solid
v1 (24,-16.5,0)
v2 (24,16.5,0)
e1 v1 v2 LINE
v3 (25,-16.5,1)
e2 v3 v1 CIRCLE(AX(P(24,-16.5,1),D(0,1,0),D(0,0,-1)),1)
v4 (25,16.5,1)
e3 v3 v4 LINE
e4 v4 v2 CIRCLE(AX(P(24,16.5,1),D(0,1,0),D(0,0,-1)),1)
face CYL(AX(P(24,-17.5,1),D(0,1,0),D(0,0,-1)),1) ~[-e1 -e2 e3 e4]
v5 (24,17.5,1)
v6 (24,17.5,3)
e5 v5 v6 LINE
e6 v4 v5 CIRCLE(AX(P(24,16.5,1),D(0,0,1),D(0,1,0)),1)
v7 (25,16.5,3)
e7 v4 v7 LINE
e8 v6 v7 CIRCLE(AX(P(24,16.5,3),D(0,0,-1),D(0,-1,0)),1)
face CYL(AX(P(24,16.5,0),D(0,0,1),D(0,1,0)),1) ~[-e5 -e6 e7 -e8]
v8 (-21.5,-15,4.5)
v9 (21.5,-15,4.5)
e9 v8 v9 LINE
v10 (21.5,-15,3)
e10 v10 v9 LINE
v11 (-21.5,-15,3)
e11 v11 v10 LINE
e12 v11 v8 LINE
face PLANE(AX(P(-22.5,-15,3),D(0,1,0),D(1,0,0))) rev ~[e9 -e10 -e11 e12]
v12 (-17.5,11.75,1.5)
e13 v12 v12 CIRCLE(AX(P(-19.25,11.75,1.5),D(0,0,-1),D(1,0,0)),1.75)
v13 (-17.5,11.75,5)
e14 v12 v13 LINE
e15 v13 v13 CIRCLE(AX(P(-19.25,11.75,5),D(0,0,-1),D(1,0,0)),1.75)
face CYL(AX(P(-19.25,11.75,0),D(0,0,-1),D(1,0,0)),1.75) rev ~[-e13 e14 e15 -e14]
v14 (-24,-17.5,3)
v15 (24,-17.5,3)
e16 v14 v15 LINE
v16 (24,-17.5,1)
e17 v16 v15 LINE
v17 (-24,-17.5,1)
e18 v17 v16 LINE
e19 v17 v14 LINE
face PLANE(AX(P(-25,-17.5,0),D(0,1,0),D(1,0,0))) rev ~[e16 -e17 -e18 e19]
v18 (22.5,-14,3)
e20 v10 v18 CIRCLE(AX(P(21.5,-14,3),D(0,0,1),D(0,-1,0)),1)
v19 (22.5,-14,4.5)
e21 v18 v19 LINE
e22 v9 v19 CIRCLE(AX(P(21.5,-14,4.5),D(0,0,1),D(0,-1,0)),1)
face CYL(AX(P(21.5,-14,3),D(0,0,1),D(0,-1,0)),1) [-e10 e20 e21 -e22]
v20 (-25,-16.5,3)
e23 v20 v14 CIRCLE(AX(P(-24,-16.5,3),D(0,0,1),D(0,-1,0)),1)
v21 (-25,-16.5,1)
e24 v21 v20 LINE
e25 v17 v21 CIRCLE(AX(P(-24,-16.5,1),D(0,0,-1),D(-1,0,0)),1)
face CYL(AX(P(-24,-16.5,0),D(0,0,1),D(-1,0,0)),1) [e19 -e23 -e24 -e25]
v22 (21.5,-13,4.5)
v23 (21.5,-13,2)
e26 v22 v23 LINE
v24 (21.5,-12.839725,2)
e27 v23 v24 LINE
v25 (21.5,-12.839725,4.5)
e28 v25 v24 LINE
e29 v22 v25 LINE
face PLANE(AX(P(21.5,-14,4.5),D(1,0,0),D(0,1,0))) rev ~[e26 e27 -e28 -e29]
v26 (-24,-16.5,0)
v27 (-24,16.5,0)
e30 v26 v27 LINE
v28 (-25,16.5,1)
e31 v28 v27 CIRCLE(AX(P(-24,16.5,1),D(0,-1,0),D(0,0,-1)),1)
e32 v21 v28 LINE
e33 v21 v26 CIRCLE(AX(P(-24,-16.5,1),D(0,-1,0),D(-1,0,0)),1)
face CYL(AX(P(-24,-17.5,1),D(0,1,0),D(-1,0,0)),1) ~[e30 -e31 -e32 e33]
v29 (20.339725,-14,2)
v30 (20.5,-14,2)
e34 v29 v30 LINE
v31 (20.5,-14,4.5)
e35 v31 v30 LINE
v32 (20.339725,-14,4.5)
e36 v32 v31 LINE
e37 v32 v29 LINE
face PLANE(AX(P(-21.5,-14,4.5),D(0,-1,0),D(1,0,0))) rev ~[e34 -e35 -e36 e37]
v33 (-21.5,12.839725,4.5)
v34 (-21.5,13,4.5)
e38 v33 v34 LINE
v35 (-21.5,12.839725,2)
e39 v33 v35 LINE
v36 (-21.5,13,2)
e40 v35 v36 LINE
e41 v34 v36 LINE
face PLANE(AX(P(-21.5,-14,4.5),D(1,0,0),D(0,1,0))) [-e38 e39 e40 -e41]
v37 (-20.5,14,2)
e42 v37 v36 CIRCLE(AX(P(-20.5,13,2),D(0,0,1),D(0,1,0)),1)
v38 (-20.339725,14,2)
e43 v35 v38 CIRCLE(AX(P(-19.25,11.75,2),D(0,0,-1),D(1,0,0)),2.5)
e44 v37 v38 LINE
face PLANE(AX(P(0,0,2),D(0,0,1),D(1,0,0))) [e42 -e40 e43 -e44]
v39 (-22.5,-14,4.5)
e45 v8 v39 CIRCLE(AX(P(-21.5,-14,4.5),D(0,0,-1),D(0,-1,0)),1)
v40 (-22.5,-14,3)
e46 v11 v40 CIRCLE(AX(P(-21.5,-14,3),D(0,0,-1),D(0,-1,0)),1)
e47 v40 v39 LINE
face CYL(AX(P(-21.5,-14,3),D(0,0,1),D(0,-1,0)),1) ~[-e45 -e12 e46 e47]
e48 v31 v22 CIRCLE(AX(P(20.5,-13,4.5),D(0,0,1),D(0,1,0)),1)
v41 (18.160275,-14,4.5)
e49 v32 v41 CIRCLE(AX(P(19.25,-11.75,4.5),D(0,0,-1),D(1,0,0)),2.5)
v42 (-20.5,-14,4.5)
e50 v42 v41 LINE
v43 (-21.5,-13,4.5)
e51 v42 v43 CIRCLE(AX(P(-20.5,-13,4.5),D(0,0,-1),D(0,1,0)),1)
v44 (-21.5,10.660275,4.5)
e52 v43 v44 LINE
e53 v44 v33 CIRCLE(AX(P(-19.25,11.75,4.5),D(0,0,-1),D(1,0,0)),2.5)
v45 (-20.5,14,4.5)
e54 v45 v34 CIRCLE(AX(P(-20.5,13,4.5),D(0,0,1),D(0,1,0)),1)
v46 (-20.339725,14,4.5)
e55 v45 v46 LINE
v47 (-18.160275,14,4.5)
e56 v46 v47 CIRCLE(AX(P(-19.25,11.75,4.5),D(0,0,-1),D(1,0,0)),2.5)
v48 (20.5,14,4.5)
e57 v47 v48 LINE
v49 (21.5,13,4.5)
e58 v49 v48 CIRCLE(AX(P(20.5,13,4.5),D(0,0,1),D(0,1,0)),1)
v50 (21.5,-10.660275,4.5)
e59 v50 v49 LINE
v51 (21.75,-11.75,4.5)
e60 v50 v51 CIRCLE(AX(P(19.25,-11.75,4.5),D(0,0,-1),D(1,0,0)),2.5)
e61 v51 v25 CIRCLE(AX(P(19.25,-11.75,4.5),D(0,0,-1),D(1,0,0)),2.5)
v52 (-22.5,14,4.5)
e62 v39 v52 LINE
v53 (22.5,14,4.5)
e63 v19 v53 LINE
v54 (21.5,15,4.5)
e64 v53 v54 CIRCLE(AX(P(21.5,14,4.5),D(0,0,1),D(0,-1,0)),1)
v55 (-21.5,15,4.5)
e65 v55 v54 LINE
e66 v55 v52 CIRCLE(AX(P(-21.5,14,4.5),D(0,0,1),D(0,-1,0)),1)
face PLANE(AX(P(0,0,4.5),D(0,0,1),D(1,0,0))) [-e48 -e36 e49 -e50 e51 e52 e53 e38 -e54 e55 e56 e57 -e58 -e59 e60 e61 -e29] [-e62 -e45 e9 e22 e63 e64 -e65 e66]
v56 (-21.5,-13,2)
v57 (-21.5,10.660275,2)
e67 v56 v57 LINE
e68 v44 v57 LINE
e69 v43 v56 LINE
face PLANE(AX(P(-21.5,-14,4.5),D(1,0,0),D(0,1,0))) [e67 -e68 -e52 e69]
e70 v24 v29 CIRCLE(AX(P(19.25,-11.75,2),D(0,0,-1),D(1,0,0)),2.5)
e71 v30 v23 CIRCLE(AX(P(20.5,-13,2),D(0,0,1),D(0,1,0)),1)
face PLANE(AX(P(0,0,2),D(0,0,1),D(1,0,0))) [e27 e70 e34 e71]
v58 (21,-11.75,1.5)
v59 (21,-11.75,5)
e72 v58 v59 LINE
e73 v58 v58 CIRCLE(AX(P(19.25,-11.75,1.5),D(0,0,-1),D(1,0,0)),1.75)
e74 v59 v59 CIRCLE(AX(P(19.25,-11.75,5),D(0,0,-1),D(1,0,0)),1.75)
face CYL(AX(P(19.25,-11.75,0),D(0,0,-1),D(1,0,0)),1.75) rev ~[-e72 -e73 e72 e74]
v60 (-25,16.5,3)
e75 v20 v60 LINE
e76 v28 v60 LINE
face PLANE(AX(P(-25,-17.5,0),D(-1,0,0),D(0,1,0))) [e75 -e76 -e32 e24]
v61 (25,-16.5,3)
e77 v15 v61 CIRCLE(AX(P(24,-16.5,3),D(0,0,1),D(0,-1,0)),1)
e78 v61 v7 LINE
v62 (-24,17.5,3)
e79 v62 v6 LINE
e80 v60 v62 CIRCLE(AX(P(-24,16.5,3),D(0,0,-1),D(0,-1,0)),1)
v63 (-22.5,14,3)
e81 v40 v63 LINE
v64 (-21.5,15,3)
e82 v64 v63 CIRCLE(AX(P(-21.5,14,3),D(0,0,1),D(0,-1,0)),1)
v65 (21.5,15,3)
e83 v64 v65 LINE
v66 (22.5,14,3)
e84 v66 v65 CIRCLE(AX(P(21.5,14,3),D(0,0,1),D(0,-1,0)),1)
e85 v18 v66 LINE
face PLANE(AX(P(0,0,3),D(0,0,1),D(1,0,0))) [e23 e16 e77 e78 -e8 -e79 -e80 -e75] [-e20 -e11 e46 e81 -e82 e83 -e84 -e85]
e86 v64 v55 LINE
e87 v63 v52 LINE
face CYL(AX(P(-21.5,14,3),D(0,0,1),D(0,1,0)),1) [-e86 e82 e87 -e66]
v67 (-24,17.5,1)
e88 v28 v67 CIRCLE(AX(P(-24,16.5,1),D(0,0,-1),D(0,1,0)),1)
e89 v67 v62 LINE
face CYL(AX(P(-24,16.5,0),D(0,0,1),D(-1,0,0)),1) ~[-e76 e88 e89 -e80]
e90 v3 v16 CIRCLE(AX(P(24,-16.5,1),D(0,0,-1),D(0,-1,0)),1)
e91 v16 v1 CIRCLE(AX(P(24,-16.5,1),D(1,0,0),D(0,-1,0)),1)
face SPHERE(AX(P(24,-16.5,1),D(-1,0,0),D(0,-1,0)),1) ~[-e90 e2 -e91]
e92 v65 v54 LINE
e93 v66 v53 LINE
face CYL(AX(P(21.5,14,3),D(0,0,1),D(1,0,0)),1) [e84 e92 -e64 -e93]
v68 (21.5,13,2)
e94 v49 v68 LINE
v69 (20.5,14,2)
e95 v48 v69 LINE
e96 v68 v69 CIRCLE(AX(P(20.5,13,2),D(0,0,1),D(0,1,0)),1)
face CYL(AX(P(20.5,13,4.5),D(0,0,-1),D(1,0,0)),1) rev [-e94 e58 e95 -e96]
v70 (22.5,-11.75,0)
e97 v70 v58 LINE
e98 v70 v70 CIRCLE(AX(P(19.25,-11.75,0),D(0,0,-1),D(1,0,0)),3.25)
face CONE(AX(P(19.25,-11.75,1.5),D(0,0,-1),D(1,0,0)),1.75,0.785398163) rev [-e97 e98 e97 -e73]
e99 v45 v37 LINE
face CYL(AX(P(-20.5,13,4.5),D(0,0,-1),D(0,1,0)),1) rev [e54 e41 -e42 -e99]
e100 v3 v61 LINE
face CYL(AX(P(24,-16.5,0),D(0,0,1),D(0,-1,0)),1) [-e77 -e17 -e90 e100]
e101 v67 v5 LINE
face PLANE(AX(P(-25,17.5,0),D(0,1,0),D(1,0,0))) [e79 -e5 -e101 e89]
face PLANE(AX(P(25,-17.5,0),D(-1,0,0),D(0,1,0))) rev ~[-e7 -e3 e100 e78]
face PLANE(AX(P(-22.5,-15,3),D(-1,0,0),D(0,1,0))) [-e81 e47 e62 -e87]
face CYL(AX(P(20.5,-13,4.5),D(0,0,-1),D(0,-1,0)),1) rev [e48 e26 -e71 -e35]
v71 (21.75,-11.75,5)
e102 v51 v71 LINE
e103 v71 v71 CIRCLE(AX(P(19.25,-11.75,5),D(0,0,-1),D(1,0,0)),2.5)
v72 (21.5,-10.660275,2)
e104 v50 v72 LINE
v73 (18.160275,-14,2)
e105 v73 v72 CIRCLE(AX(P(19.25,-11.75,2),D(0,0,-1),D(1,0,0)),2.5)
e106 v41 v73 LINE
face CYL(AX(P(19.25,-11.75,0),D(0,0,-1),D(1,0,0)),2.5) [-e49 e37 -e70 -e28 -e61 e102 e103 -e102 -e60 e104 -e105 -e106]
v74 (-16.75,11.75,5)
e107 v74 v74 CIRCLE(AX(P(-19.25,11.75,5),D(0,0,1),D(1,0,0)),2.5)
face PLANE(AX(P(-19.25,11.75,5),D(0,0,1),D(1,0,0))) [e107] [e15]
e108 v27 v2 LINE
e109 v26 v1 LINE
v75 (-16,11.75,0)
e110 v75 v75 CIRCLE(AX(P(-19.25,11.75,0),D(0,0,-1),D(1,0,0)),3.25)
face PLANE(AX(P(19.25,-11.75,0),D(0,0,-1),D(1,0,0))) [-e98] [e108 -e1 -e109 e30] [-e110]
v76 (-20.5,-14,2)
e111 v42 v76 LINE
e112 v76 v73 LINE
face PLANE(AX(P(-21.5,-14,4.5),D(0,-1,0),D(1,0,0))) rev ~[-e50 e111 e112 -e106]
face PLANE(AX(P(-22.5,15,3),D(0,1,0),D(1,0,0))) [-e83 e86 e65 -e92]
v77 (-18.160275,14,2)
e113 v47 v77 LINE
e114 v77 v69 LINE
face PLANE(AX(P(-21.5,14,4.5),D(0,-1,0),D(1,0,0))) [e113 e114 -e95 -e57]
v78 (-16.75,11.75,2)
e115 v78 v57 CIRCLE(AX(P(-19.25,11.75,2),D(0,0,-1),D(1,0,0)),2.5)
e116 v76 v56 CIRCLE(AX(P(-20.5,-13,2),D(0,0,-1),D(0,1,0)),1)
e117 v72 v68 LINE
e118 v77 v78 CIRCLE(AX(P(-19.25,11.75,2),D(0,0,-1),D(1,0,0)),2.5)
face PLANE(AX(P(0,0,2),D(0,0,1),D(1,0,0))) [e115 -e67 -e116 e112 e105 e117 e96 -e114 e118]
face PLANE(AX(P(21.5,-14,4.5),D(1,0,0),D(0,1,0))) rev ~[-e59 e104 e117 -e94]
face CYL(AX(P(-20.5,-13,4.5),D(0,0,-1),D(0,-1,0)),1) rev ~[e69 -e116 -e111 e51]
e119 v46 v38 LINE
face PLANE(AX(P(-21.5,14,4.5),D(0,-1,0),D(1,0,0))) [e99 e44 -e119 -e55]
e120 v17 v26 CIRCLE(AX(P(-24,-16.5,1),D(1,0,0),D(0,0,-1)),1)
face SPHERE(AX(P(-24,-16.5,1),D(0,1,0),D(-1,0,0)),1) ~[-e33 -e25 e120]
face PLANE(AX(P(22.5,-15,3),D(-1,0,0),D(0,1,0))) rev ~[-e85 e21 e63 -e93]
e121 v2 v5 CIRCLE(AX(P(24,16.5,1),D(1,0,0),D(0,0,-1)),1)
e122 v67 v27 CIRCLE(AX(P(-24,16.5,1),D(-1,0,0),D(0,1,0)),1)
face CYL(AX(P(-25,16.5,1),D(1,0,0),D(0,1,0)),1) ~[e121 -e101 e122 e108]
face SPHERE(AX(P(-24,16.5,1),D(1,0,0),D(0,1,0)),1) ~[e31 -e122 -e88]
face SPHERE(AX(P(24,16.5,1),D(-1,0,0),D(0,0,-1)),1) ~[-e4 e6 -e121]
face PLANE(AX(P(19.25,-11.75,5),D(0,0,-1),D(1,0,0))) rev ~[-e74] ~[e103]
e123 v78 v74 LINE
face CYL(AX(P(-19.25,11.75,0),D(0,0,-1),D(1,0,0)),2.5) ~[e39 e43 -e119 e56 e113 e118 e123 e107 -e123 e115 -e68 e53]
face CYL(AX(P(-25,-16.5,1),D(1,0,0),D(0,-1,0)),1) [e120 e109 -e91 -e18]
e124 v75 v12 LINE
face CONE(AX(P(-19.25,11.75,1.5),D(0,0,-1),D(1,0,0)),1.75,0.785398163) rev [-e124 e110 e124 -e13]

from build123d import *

# Parameters (mm, degrees)
SKETCH_W        = 50
SKETCH_H        = 35
PAD_DEPTH       = 3
SKETCH002_W     = 45
SKETCH002_H     = 30
PAD001_DEPTH    = 1.5
SKETCH003_W     = 43
SKETCH003_H     = 28
POCKET001_DEPTH = 2.5
FILLET_R        = 1
FILLET001_R     = 1
SKETCH005_R     = 2.5
PAD002_DEPTH    = 5
SKETCH004_R     = 2.5
PAD003_DEPTH    = 5
SKETCH006_R     = 1.75
POCKET_DEPTH    = 5
SKETCH007_R     = 1.75
POCKET002_DEPTH = 5
CHAMFER_SIZE    = 1.5
CHAMFER001_SIZE = 1.5


with BuildPart() as part:
    # Sketch → Pad (new body)
    with BuildSketch(Plane.XY):
        Rectangle(SKETCH_W, SKETCH_H)
    extrude(amount=PAD_DEPTH)

    # Sketch002 → Pad001 (join)
    with BuildSketch(Plane.XY.offset(3)):
        Rectangle(SKETCH002_W, SKETCH002_H)
    extrude(amount=PAD001_DEPTH)

    # Sketch003 (on Face11 of Pad001) → Pocket001 (cut)
    with BuildSketch(Plane.XY.offset(4.5)):
        Rectangle(SKETCH003_W, SKETCH003_H)
    extrude(amount=-POCKET001_DEPTH, mode=Mode.SUBTRACT)

    # Fillet
    fillet_edges = [part.edges().sort_by_distance(p)[0] for p in [
        (0, 17.5, 0),
        (-25, 17.5, 1.5),
        (-25, 0, 0),
        (-25, -17.5, 1.5),
        (0, -17.5, 0),
        (25, -17.5, 1.5),
        (25, 0, 0),
        (25, 17.5, 1.5),
    ]]
    fillet(fillet_edges, radius=FILLET_R)

    # Fillet001
    fillet001_edges = [part.edges().sort_by_distance(p)[0] for p in [
        (-21.5, -14, 3.25),
        (22.5, -15, 3.75),
        (22.5, 15, 3.75),
        (-22.5, 15, 3.75),
        (-22.5, -15, 3.75),
        (21.5, 14, 3.25),
        (-21.5, 14, 3.25),
        (21.5, -14, 3.25),
    ]]
    fillet(fillet001_edges, radius=FILLET001_R)

    # Sketch005 → Pad002 (join)
    with BuildSketch(Plane.XY):
        with Locations((-19.25, 11.75)):
            Circle(SKETCH005_R)
    extrude(amount=PAD002_DEPTH)

    # Sketch004 (on Face35 of Fillet001) → Pad003 (join)
    with BuildSketch(Plane(origin=(0, 0, 0), x_dir=(1, 0, 0), z_dir=(0, 0, -1))):
        with Locations((19.25, 11.75)):
            Circle(SKETCH004_R)
    extrude(amount=-PAD003_DEPTH)

    # Sketch006 (on Face48 of Pad003) → Pocket (cut)
    with BuildSketch(Plane(origin=(0, 0, 0), x_dir=(1, 0, 0), z_dir=(0, 0, -1))):
        with Locations((-19.25, -11.75)):
            Circle(SKETCH006_R)
    extrude(amount=-POCKET_DEPTH, mode=Mode.SUBTRACT)

    # Sketch007 (on Face48 of Pocket) → Pocket002 (cut)
    with BuildSketch(Plane(origin=(0, 0, 0), x_dir=(1, 0, 0), z_dir=(0, 0, -1))):
        with Locations((19.25, 11.75)):
            Circle(SKETCH007_R)
    extrude(amount=-POCKET002_DEPTH, mode=Mode.SUBTRACT)

    # Chamfer
    chamfer_edges = [part.edges().sort_by_distance(p)[0] for p in [
        (-21, 11.75, 0),
    ]]
    chamfer(chamfer_edges, length=CHAMFER_SIZE)

    # Chamfer001
    chamfer001_edges = [part.edges().sort_by_distance(p)[0] for p in [
        (17.5, -11.75, 0),
    ]]
    chamfer(chamfer001_edges, length=CHAMFER001_SIZE)


solid = part.part
